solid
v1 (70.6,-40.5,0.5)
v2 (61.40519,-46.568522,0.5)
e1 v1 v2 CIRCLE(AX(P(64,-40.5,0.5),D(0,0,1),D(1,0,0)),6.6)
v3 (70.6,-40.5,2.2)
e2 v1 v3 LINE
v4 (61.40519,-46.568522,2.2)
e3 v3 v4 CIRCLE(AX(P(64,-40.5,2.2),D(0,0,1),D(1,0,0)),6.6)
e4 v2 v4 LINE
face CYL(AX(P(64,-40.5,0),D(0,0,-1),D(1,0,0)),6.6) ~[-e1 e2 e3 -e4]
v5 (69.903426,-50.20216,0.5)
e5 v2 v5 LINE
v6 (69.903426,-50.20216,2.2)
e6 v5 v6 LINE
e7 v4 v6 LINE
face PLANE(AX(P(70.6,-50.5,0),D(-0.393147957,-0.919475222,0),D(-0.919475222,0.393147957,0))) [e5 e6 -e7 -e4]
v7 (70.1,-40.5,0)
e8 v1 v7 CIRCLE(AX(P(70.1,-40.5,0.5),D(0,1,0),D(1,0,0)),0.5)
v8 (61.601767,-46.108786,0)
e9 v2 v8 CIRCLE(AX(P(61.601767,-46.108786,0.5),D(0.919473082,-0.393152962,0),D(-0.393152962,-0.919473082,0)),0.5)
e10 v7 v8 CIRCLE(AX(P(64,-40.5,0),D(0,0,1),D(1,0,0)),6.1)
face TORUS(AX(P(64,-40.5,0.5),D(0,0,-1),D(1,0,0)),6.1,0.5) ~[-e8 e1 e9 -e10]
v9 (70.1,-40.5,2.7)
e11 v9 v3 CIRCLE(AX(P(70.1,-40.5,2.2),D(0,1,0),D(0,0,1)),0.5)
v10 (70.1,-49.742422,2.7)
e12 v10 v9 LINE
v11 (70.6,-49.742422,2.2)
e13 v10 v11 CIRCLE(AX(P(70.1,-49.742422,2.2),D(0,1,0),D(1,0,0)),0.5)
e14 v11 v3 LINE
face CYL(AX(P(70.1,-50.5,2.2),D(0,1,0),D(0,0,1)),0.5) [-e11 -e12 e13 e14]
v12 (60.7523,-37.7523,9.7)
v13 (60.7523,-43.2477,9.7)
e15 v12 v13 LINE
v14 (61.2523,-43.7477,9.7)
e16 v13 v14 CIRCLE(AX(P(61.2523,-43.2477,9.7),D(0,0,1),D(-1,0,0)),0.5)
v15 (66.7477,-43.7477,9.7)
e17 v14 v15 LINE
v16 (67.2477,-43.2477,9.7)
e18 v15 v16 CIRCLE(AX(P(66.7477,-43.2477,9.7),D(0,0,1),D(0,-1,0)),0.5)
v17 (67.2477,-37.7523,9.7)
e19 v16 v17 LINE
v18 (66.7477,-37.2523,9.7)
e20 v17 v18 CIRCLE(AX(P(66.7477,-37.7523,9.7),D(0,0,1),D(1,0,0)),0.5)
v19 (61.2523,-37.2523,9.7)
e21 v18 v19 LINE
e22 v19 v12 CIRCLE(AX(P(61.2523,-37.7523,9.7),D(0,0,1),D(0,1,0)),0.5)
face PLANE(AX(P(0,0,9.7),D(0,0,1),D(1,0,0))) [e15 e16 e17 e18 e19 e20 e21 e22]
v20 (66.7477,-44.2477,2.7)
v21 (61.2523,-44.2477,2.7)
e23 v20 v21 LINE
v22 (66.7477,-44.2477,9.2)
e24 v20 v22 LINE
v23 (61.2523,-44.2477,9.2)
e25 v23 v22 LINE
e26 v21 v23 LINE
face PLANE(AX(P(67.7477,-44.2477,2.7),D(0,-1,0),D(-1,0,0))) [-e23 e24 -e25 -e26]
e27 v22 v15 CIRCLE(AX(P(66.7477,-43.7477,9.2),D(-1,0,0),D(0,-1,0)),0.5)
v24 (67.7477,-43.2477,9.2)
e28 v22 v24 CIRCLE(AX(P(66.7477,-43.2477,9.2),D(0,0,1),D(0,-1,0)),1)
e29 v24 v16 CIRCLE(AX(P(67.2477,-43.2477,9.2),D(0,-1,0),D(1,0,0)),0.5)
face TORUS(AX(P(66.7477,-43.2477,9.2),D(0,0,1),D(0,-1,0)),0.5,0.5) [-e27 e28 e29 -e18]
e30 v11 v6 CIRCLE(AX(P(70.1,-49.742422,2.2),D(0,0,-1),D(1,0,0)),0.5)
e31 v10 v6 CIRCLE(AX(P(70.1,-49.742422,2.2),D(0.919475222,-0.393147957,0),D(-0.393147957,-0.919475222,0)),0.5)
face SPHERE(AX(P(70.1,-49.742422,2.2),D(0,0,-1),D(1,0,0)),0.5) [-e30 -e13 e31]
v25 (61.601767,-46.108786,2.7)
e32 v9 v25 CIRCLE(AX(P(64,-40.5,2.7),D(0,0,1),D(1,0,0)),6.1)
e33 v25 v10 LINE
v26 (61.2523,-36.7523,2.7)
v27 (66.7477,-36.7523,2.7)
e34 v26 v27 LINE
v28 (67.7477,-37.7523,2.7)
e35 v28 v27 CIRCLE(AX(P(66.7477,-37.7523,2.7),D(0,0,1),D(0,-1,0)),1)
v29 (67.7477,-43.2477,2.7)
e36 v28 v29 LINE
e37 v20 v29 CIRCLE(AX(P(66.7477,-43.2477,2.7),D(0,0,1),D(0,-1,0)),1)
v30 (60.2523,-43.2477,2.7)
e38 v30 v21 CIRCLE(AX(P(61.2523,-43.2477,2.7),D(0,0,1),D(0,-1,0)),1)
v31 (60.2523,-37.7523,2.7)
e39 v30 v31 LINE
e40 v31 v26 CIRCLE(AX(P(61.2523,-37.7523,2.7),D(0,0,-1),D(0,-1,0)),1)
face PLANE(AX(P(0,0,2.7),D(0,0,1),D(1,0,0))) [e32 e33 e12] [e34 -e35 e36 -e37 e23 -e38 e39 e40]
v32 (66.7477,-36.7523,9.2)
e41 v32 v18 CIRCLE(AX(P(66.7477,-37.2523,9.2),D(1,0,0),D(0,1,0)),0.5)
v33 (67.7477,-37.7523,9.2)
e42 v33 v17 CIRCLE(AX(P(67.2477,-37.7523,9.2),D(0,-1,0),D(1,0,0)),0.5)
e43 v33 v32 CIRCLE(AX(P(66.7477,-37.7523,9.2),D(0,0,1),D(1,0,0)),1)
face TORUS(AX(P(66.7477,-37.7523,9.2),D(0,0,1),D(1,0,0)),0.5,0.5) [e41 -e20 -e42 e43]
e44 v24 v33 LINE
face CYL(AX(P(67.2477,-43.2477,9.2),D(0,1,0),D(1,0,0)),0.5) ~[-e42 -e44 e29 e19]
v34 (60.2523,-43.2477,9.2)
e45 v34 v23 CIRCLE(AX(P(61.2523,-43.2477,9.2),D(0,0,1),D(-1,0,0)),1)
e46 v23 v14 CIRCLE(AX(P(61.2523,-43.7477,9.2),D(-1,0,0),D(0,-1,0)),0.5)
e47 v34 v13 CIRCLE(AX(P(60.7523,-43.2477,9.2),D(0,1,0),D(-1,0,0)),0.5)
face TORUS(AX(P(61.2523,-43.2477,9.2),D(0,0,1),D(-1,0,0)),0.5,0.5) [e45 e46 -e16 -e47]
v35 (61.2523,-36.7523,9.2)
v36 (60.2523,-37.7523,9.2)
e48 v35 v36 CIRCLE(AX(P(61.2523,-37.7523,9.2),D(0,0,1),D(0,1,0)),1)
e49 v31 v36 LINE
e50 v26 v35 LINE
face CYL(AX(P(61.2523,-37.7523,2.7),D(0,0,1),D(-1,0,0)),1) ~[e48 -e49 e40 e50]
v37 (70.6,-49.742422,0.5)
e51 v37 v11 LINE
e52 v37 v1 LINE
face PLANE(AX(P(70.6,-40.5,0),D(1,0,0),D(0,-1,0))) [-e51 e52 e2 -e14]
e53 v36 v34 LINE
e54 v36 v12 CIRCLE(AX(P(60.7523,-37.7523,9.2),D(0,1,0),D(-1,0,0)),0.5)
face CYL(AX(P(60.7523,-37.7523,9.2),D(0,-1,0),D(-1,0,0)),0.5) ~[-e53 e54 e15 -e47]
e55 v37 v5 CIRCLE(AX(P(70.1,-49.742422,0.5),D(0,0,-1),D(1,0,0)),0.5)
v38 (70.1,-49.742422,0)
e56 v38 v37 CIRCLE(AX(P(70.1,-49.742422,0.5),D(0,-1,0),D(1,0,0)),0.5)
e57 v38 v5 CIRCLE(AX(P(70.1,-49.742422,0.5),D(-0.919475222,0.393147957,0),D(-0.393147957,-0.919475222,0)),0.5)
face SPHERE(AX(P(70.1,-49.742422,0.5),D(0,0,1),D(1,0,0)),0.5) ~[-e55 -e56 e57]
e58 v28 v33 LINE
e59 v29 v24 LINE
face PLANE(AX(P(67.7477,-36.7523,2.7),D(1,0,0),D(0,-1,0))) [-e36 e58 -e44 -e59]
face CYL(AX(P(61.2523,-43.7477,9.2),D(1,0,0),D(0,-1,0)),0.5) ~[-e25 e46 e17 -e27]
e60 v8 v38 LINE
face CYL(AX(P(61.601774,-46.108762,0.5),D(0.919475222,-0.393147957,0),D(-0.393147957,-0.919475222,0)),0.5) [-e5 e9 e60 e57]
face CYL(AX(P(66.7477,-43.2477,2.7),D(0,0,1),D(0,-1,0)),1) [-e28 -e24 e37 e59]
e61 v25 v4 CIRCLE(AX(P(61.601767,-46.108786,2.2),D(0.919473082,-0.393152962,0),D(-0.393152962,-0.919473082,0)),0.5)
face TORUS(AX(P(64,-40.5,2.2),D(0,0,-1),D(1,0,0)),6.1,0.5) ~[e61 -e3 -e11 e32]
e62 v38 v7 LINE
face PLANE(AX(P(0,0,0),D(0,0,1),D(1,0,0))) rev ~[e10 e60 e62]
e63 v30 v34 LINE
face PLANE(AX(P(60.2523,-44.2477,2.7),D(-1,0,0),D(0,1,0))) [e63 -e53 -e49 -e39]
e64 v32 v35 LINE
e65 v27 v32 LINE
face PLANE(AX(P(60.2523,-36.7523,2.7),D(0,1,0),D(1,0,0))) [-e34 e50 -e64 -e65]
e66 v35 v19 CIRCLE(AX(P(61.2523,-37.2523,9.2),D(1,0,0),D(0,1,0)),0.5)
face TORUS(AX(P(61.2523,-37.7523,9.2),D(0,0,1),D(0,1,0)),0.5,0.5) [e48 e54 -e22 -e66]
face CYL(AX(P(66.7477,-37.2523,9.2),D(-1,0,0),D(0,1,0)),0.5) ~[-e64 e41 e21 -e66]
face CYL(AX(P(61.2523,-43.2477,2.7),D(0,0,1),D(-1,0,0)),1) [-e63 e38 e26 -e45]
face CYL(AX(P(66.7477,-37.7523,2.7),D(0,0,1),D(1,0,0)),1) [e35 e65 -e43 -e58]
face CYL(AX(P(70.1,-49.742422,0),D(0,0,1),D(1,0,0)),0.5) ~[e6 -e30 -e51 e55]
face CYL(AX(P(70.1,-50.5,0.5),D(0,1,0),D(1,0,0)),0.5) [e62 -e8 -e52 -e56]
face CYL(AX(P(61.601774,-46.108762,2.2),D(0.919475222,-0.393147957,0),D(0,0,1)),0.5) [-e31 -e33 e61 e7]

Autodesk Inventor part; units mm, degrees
ref_plane "YZ Plane" through (0, 0, 0) normal (1, 0, 0) x (0, 1, 0)
ref_plane "XZ Plane" through (0, 0, 0) normal (0, 1, 0) x (-1, 0, 0)
ref_plane "XY Plane" through (0, 0, 0) normal (0, 0, 1) x (1, 0, 0)
ref_plane "Work Plane1" through (0, 0, 0) normal (0, 0, 1) x (1, 0, 0)
sketch "Sketch1" plane through (0, 0, 0) normal (0, 0, 1) x (1, 0, 0)
  line L0 (57, -9.5) -> (57, -71.5) projected
  line L1 (71, -71.5) -> (71, -9.5) projected
  line L2 (71, -40.5) -> (57, -40.5) construction
  circle A0 centre (64, -40.5) radius 7 construction
  circle A1 centre (64, -40.5) radius 6.6
  line L3 (70.6, -40.5) -> (70.6, -50.5)
  line L4 (70.6, -50.5) -> (61.4052, -46.5685)
  point P0 (0, 0)
  dimension "d0" = 0.4
  dimension "d1" = 10
extrude "Extrusion1" add sketch "Sketch1" along normal blind 2.7
sketch "Sketch2" plane through (0, 0, 2.7) normal (0, 0, 1) x (1, 0, 0)
  line L0 (61.4052, -46.5685) -> (70.6, -50.5) projected
  line L1 (70.6, -50.5) -> (70.6, -40.5) projected
  arc A0 (70.6, -40.5) -> (61.4052, -46.5685) centre (64, -40.5) ccw projected
  line L2 (58.5, -71.5) -> (58.5, -11) construction
  line L3 (69.5, -11) -> (69.5, -71.5) construction
  circle A1 centre (64, -40.5) radius 5.5 construction
  line L4 (60.2523, -36.7523) -> (67.7477, -36.7523)
  line L5 (67.7477, -36.7523) -> (67.7477, -44.2477)
  line L6 (67.7477, -44.2477) -> (60.2523, -44.2477)
  line L7 (60.2523, -44.2477) -> (60.2523, -36.7523)
  line L8 (60.0396, -36.6836) -> (67.9604, -44.3164) construction
  line L9 (67.7477, -36.7523) -> (60.2523, -44.2477) construction
  circle A2 centre (64, -40.5) radius 5.3
  point P0 (0, 0)
  dimension "d11" = 7.4953
  dimension "d12" = 7.4953
  dimension "d14" = 0.2
extrude "Extrusion2" add sketch "Sketch2" along normal blind 7 contours L4 L5 L6 L7
fillet "Fillet1" radius 1 4 edges at (60.2523, -44.2477, 6.2) (60.2523, -36.7523, 6.2) (67.7477, -36.7523, 6.2) (67.7477, -44.2477, 6.2)
fillet "Fillet2" radius 0.5 8 edges at (67.4548, -43.9548, 9.7) (67.7477, -40.5, 9.7) (67.4548, -37.0452, 9.7) (64, -36.7523, 9.7) (60.5452, -37.0452, 9.7) (60.2523, -40.5, 9.7) (60.5452, -43.9548, 9.7) (64, -44.2477, 9.7)
fillet "Fillet3" radius 0.5 7 edges at (60.3644, -34.9916, 2.7) (70.6, -45.5, 2.7) (66.0026, -48.5343, 2.7) (60.3644, -34.9916, 0) (70.6, -45.5, 0) (66.0026, -48.5343, 0) (70.6, -50.5, 1.35)
equation "\"d12\" = d11"
properties part number "Arm"
